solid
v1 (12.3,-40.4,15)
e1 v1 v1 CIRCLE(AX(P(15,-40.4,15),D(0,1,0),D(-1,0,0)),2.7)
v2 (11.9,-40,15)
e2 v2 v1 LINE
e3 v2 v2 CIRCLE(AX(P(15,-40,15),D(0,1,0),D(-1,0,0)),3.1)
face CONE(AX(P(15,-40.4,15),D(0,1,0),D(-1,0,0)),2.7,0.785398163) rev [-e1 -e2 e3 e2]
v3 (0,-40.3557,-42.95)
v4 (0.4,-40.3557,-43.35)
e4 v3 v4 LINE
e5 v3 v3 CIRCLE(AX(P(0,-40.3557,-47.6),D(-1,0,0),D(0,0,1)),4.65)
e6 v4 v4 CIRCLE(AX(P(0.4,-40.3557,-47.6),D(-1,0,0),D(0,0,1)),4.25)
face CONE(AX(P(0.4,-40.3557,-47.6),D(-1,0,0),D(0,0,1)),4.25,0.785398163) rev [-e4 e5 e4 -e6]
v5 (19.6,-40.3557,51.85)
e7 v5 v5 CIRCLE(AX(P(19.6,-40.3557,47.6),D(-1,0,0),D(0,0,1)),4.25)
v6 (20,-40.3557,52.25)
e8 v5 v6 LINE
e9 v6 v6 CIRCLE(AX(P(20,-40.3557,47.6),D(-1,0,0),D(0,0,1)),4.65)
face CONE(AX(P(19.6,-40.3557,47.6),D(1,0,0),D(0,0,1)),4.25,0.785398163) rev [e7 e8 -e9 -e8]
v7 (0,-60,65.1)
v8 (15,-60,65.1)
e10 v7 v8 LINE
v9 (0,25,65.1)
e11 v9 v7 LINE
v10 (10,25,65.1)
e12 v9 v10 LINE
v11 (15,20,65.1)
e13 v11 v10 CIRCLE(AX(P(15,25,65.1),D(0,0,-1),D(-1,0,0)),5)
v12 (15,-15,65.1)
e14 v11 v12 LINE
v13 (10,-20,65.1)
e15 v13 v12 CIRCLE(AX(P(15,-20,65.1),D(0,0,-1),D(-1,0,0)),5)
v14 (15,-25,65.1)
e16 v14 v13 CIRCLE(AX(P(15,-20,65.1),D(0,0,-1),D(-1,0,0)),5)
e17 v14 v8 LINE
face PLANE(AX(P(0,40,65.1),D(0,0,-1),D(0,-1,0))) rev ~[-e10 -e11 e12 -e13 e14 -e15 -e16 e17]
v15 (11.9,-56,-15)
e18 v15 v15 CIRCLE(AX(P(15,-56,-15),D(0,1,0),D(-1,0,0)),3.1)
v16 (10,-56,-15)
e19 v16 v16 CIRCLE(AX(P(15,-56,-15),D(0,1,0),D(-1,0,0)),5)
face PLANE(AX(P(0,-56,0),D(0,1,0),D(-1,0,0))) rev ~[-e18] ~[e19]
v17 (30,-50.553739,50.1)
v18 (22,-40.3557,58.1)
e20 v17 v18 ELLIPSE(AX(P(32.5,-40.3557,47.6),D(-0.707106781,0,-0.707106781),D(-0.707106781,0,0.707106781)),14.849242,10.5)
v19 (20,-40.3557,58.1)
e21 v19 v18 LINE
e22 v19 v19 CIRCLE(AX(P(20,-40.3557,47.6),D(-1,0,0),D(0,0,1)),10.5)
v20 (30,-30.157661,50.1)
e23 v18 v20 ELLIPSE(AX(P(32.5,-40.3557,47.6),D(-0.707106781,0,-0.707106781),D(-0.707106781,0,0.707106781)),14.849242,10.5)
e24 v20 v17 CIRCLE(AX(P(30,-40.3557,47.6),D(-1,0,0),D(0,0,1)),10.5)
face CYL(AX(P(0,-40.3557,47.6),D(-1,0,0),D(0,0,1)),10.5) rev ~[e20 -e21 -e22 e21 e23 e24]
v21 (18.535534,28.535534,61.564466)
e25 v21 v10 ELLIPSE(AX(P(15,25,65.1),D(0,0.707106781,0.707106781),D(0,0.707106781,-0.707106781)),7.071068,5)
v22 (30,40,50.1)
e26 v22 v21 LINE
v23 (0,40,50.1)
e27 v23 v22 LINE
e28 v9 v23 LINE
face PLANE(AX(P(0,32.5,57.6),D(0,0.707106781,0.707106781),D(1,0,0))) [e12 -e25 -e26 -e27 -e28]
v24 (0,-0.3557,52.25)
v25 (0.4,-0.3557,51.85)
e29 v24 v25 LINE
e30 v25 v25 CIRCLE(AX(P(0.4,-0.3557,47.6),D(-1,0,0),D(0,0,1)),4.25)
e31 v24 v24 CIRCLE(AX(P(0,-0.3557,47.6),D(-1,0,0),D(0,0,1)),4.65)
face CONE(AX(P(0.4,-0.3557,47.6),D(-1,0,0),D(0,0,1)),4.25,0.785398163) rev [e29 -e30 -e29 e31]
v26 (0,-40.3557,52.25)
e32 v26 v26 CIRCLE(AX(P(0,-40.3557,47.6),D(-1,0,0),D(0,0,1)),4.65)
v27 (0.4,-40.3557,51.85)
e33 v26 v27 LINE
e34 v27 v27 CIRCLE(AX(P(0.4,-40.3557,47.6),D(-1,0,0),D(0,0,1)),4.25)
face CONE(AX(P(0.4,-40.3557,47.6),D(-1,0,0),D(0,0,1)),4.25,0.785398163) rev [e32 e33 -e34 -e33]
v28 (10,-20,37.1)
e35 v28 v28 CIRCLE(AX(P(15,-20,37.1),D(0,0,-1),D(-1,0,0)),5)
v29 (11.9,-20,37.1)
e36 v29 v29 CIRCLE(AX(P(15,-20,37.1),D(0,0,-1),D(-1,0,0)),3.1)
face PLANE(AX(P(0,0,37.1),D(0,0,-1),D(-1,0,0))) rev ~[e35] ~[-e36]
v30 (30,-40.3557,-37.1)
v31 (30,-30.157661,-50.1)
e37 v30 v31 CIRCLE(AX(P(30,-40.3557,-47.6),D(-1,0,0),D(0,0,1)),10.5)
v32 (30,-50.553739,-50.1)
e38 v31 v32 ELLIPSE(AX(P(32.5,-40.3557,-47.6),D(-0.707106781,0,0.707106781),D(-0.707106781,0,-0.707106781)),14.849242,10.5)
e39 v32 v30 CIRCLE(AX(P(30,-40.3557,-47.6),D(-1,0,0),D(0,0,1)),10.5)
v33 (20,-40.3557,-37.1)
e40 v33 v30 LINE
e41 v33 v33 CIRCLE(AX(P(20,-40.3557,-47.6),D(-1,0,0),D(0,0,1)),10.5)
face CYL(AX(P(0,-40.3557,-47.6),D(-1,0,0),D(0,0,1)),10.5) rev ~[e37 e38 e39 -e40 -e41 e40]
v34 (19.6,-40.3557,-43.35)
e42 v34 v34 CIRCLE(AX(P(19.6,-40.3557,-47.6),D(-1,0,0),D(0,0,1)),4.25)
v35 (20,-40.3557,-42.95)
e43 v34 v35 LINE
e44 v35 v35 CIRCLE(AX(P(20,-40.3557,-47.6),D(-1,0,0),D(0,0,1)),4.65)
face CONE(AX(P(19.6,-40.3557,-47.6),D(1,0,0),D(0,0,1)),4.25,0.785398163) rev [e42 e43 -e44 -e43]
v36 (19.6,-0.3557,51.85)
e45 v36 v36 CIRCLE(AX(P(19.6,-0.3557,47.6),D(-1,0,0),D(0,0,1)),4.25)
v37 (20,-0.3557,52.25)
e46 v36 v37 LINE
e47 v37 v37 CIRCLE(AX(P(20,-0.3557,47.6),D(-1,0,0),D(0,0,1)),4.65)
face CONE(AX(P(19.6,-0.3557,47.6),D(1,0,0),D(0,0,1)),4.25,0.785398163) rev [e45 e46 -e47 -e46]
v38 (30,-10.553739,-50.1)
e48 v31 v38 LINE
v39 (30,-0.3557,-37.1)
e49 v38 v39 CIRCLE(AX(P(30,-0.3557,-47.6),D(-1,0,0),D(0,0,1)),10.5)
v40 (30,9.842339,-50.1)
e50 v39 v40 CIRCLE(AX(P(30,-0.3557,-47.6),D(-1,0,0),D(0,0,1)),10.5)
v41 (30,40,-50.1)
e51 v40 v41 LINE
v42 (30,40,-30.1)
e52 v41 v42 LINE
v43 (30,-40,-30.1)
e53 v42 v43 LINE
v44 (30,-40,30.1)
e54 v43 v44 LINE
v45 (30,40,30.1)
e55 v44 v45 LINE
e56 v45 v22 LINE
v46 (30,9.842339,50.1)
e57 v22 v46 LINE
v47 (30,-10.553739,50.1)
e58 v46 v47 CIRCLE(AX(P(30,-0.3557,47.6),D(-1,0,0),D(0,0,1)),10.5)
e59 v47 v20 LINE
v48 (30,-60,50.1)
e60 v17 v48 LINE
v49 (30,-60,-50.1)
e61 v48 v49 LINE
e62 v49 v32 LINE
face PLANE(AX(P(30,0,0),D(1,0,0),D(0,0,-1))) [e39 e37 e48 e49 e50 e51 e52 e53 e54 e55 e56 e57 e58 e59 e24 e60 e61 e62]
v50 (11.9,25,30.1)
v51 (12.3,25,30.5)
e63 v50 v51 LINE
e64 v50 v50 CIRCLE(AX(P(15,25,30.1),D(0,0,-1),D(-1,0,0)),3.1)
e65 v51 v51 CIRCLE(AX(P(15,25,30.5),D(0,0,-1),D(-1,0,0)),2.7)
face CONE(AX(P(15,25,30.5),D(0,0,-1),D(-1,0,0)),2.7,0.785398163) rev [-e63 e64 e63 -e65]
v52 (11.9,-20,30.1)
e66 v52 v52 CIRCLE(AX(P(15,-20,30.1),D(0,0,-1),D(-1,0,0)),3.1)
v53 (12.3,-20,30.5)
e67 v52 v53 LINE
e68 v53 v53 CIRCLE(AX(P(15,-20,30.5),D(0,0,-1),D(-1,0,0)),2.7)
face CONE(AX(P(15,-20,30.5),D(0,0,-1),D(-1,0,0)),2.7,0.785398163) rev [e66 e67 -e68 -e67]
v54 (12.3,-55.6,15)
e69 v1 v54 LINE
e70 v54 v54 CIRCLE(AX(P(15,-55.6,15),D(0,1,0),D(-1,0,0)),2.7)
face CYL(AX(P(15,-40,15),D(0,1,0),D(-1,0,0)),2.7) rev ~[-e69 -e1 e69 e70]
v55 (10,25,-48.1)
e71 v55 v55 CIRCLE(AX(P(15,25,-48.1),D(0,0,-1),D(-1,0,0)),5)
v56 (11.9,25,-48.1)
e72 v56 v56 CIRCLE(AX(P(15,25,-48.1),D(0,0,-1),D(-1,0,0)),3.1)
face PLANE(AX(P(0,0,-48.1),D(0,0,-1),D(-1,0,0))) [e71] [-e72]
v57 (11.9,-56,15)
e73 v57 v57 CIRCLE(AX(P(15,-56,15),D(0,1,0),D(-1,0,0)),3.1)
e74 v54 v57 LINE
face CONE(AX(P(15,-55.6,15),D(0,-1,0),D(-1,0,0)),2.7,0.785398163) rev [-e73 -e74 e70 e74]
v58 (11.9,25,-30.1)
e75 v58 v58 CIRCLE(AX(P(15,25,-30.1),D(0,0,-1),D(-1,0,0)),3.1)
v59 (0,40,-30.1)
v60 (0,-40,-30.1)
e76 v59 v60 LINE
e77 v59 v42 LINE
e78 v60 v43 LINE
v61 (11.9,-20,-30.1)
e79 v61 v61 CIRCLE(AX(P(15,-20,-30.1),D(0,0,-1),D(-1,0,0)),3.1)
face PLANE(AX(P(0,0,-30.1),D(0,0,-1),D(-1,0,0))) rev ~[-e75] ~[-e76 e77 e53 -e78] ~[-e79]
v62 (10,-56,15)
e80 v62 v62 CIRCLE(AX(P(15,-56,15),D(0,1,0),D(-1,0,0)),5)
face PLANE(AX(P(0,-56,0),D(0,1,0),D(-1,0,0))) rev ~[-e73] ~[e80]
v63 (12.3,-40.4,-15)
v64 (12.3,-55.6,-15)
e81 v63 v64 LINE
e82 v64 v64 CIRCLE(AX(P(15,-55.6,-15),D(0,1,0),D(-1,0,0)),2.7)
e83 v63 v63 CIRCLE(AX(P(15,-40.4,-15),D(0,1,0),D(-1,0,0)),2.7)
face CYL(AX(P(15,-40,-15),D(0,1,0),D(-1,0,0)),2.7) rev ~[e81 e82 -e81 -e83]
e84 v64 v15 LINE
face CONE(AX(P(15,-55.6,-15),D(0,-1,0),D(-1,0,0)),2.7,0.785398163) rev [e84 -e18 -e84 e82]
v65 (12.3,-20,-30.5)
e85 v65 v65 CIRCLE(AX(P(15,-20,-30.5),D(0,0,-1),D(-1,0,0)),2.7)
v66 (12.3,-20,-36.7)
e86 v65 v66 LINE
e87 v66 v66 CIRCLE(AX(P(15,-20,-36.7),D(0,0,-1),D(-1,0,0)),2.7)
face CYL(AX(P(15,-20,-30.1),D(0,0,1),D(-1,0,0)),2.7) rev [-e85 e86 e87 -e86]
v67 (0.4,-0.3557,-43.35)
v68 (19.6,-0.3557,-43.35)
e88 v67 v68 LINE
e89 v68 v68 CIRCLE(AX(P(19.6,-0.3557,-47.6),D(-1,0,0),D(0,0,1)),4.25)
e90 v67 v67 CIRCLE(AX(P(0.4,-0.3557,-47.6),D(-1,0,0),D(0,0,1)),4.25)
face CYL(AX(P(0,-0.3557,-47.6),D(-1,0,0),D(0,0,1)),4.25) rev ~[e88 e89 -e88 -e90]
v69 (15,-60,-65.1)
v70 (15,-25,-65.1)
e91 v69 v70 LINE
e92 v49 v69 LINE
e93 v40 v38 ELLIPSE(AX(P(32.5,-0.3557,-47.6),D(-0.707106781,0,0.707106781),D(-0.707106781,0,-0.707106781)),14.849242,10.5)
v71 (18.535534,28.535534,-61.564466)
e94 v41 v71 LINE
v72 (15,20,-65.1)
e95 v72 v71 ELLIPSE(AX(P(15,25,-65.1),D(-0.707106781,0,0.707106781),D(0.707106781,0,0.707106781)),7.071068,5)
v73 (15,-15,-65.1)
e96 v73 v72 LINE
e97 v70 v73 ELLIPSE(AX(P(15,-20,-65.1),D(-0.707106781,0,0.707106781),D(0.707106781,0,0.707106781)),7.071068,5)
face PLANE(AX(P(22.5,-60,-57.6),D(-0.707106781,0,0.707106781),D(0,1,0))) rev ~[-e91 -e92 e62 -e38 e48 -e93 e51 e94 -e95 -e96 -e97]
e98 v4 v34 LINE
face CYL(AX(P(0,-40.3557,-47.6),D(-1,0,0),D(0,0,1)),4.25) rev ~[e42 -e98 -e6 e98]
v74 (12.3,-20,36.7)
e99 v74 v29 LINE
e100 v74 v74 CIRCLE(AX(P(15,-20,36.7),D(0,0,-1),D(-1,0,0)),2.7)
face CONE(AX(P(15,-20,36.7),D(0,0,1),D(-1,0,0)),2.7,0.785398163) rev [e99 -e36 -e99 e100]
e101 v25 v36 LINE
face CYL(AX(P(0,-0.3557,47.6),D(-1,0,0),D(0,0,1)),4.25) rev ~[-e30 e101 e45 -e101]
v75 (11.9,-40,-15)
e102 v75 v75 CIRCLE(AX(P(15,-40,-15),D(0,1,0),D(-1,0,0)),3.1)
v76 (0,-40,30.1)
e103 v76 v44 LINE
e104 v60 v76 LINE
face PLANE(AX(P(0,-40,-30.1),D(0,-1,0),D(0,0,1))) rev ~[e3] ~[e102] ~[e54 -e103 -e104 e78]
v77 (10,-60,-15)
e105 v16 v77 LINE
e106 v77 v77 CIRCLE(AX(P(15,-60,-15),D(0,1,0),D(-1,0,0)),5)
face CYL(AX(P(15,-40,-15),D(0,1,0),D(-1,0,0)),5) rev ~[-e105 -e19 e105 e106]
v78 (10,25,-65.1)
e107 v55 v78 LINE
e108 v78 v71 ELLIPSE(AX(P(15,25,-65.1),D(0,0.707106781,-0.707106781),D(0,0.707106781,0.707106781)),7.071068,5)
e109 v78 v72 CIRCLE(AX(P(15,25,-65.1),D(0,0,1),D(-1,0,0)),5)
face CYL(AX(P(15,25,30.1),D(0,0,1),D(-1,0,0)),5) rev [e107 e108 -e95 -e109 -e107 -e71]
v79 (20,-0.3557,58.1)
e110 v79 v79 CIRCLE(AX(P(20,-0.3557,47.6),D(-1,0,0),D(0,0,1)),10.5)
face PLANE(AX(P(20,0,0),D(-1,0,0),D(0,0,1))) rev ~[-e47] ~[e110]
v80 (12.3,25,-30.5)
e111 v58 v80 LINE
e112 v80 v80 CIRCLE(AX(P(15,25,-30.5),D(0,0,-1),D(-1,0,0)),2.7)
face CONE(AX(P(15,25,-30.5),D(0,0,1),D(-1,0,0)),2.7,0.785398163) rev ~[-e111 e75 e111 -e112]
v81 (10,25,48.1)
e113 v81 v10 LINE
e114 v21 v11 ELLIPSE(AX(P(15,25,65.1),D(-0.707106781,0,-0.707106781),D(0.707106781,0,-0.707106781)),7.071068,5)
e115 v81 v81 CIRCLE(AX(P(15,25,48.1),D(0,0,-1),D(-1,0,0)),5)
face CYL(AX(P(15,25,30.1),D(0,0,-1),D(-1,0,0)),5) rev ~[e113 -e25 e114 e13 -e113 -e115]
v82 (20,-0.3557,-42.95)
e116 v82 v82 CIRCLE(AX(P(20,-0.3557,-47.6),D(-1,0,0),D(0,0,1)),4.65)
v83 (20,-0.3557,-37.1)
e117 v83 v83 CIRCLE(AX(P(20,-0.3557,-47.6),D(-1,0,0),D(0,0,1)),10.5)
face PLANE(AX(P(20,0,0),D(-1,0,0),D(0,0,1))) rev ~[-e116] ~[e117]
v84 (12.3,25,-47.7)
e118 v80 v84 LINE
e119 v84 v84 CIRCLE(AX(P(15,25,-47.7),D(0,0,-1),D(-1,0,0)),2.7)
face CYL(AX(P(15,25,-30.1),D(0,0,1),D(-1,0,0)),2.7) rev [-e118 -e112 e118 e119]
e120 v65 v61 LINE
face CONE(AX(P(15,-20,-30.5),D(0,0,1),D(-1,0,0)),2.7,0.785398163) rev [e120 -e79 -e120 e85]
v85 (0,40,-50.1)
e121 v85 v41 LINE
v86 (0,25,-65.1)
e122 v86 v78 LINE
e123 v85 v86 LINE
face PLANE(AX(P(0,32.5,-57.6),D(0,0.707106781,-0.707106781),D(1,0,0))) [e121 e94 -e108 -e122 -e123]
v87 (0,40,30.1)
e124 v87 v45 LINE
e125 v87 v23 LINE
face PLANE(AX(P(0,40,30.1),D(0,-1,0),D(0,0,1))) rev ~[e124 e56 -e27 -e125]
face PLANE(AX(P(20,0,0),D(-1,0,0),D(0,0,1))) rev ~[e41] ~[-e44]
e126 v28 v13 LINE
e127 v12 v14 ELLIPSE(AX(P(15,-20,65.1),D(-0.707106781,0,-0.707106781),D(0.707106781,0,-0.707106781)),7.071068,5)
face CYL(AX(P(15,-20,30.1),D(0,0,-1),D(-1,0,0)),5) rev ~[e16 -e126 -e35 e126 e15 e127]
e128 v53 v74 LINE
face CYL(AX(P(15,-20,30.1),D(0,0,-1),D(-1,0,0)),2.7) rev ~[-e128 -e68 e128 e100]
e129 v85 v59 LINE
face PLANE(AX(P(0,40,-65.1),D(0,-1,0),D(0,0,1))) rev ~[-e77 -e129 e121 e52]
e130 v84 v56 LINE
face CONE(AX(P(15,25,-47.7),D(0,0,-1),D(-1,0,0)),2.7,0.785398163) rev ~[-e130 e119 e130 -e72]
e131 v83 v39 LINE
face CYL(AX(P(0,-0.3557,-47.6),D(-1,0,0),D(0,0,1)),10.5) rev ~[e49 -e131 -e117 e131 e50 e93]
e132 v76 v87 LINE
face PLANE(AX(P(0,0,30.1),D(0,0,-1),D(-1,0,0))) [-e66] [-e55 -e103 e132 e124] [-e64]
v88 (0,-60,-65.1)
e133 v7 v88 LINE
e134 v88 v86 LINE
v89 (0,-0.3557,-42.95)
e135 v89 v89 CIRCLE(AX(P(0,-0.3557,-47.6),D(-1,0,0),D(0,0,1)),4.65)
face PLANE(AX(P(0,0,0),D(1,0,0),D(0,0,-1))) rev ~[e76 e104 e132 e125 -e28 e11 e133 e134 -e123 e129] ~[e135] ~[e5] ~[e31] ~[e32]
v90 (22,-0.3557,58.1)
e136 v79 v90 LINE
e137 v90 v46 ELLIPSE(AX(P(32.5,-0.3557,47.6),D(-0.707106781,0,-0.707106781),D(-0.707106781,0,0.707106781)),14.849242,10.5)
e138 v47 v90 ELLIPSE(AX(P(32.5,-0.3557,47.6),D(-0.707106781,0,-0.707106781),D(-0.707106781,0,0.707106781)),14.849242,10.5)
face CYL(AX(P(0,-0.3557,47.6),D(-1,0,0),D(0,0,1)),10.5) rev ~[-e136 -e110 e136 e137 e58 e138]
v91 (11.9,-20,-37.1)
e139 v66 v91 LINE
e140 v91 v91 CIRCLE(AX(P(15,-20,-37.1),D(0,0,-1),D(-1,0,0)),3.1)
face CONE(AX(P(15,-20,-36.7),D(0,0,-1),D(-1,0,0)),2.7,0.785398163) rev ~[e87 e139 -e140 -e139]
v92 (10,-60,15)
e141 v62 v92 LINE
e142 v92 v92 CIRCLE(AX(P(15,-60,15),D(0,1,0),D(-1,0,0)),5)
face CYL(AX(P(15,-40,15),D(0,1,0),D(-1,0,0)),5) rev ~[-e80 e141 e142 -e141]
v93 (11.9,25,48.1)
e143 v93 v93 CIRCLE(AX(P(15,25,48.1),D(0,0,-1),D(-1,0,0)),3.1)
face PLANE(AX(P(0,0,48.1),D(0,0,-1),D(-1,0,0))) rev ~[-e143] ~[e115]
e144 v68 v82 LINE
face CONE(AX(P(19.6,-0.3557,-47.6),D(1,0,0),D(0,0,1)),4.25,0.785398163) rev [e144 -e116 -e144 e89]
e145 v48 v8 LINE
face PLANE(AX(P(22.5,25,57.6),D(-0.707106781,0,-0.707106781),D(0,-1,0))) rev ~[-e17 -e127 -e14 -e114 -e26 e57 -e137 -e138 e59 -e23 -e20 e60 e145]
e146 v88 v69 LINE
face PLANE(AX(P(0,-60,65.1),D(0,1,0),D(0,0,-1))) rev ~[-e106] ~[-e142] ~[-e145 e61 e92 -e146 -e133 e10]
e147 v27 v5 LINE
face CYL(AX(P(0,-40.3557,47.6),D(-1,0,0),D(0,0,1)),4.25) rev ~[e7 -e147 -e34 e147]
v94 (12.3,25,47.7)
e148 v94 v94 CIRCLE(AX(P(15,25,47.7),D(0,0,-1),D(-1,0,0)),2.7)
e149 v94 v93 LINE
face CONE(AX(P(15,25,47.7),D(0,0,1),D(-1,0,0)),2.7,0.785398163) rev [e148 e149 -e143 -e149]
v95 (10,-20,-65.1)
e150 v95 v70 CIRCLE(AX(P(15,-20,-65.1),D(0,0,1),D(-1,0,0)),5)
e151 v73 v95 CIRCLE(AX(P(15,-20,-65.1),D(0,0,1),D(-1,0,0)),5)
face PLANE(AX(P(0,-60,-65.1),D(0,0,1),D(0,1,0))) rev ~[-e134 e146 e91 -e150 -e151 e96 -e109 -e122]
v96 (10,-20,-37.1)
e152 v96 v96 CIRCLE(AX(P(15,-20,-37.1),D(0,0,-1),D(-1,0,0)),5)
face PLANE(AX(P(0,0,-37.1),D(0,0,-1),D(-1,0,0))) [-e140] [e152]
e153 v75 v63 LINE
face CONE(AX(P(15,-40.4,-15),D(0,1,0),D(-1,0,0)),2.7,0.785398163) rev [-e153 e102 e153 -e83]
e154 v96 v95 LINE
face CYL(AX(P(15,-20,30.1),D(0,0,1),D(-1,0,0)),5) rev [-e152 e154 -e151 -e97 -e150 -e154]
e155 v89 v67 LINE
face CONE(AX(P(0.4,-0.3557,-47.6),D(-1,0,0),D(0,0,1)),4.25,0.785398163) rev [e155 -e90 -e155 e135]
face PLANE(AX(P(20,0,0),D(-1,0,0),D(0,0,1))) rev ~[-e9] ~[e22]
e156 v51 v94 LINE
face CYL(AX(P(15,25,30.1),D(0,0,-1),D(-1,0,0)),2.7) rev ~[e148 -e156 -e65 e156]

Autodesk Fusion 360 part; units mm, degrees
sketch "Sketch1" plane through (0, 0, 0) normal (1, 0, 0) x (0, 0, -1)
  line L0 (-30.1, 40) -> (30.1, 40)
  line L1 (30.1, 40) -> (30.1, -40)
  line L2 (30.1, -40) -> (-30.1, -40)
  line L3 (-30.1, -40) -> (-30.1, 40)
  line L4 (-30.1, 40) -> (30.1, -40) construction
  line L5 (30.1, 40) -> (-30.1, -40) construction
  line L6 (-30.1, 40) -> (-65.1, 40)
  line L7 (-65.1, 40) -> (-65.1, -60)
  line L8 (-65.1, -60) -> (65.1, -60)
  line L9 (65.1, -60) -> (65.1, 40)
  line L10 (65.1, 40) -> (30.1, 40)
  dimension "d1" = 60.2
  dimension "d2" = 80
  dimension "d3" = 35
  dimension "d4" = 20
extrude "Extrude1" add sketch "Sketch1" along normal blind 30 contours L1 L2 L3 L6 L7 L8 L9 L10 makes body 1
sketch "Sketch2" plane through (0, 0, 0) normal (-1, 0, 0) x (0, 0, 1)
  line L0 (-30.1, 40) -> (-65.1, 40)
  line L1 (-65.1, 40) -> (-65.1, -60)
  line L2 (-65.1, -60) -> (65.1, -60)
  line L3 (65.1, -60) -> (65.1, 40)
  line L4 (65.1, 40) -> (30.1, 40)
  line L5 (30.1, 40) -> (30.1, -40)
  line L6 (30.1, -40) -> (-30.1, -40)
  line L7 (-30.1, -40) -> (-30.1, 40)
  line L8 (-47.6, 40) -> (-47.6, -60) construction
  circle A0 centre (-47.6, -0.3557) radius 10.5
  circle A1 centre (-47.6, -40.3557) radius 10.5
  line L9 (0, 0) -> (0, -40) construction
  circle A2 centre (-47.6, -0.3557) radius 4.25
  circle A3 centre (-47.6, -40.3557) radius 4.25
  circle A4 centre (47.6, -0.3557) radius 10.5
  circle A5 centre (47.6, -0.3557) radius 4.25
  circle A6 centre (47.6, -40.3557) radius 4.25
  circle A7 centre (47.6, -40.3557) radius 10.5
  dimension "d8" = 21
  dimension "d11" = 19.6443
  dimension "d12" = 8.5
  dimension "d13" = 8.5
  dimension "d14" = 40
chamfer "Chamfer2" distance 15 angle 45 2 edges at (15, 40, 65.1) (15, 40, -65.1) on bodies 1
chamfer "Chamfer1" distance 15 angle 45 2 edges at (30, -10, 65.1) (30, -10, -65.1) on bodies 1
extrude "Extrude2" cut sketch "Sketch2" against normal blind 60 contours A0 | A1 | A2 | A3 | A4 | A5 | A6 | A7 bodies 1
extrude "Extrude3" add sketch "Sketch2" against normal blind 20 contours A0 | A1 | A4 | A7 bodies 1
sketch "Sketch3" plane through (0, -40, 0) normal (0, 1, 0) x (-1, 0, 0)
  line L0 (0, -30.1) -> (0, 30.1)
  line L1 (0, 30.1) -> (-30, 30.1)
  line L2 (-30, 30.1) -> (-30, -30.1)
  line L3 (-30, -30.1) -> (0, -30.1)
  line L4 (0, 0) -> (-30, 0) construction
  line L5 (-15, 0) -> (-15, 15) construction
  circle A0 centre (-15, 15) radius 5
  circle A1 centre (-15, 15) radius 2.7
  circle A2 centre (-15, -15) radius 5
  circle A3 centre (-15, -15) radius 2.7
  dimension "d20" = 15
  dimension "d21" = 10
  dimension "d22" = 5.4
extrude "Extrude4" cut sketch "Sketch3" against normal blind 20 contours A0 | A1 | A2 | A3 bodies 1
extrude "Extrude5" add sketch "Sketch3" against normal blind 16 contours A0 | A2 bodies 1
sketch "Sketch4" plane through (0, 0, 30.1) normal (0, 0, -1) x (-1, 0, 0)
  line L0 (0, -40) -> (0, 40)
  line L1 (0, 40) -> (-30, 40)
  line L2 (-30, 40) -> (-30, -40)
  line L3 (-30, -40) -> (0, -40)
  line L4 (-15, 40) -> (-15, -40) construction
  circle A0 centre (-15, 25) radius 5
  circle A1 centre (-15, -20) radius 5
  circle A2 centre (-15, -20) radius 2.7
  circle A3 centre (-15, 25) radius 2.7
  dimension "d27" = 10
  dimension "d28" = 5.4
  dimension "d29" = 15
  dimension "d30" = 20
extrude "Extrude6" cut sketch "Sketch4" along normal blind 150 and the other way blind 65 contours A0 | A1 | A2 | A3 bodies 1
extrude "Extrude7" add sketch "Sketch4" against normal blind 18 contours A0 bodies 1
extrude "Extrude8" add sketch "Sketch4" against normal blind 7 contours A1 bodies 1
extrude "Extrude9" add sketch "Sketch4" along normal blind 18 from surface at 60.2 contours A0 bodies 1
extrude "Extrude10" add sketch "Sketch4" along normal blind 7 from surface at 60.2 contours A1 bodies 1
chamfer "Chamfer3" distance 0.4 angle 45 10 faces at (13.3333, -0.5675, 51.8447) (13.3333, -40.5675, 51.8447) (12.3134, -45.3333, 14.7312) (12.3134, -45.3333, -15.2688) (13.3333, -40.5675, -43.3553) (13.3333, -0.5675, -43.3553) (12.3034, 24.8654, 42.1) (12.3134, -20.2688, 34.7667) (12.3034, 24.8654, -42.1) (12.3134, -20.2688, -34.7667) on bodies 1
copy_body "Body->Comp1" bodies 1 removing the originals makes body 2 in component "mousepad stand mount"
component "mousepad stand mount" placed x (1, 0, 0) y (0, 1, 0) z (0, 0, 1) at (0, 0, 0)
